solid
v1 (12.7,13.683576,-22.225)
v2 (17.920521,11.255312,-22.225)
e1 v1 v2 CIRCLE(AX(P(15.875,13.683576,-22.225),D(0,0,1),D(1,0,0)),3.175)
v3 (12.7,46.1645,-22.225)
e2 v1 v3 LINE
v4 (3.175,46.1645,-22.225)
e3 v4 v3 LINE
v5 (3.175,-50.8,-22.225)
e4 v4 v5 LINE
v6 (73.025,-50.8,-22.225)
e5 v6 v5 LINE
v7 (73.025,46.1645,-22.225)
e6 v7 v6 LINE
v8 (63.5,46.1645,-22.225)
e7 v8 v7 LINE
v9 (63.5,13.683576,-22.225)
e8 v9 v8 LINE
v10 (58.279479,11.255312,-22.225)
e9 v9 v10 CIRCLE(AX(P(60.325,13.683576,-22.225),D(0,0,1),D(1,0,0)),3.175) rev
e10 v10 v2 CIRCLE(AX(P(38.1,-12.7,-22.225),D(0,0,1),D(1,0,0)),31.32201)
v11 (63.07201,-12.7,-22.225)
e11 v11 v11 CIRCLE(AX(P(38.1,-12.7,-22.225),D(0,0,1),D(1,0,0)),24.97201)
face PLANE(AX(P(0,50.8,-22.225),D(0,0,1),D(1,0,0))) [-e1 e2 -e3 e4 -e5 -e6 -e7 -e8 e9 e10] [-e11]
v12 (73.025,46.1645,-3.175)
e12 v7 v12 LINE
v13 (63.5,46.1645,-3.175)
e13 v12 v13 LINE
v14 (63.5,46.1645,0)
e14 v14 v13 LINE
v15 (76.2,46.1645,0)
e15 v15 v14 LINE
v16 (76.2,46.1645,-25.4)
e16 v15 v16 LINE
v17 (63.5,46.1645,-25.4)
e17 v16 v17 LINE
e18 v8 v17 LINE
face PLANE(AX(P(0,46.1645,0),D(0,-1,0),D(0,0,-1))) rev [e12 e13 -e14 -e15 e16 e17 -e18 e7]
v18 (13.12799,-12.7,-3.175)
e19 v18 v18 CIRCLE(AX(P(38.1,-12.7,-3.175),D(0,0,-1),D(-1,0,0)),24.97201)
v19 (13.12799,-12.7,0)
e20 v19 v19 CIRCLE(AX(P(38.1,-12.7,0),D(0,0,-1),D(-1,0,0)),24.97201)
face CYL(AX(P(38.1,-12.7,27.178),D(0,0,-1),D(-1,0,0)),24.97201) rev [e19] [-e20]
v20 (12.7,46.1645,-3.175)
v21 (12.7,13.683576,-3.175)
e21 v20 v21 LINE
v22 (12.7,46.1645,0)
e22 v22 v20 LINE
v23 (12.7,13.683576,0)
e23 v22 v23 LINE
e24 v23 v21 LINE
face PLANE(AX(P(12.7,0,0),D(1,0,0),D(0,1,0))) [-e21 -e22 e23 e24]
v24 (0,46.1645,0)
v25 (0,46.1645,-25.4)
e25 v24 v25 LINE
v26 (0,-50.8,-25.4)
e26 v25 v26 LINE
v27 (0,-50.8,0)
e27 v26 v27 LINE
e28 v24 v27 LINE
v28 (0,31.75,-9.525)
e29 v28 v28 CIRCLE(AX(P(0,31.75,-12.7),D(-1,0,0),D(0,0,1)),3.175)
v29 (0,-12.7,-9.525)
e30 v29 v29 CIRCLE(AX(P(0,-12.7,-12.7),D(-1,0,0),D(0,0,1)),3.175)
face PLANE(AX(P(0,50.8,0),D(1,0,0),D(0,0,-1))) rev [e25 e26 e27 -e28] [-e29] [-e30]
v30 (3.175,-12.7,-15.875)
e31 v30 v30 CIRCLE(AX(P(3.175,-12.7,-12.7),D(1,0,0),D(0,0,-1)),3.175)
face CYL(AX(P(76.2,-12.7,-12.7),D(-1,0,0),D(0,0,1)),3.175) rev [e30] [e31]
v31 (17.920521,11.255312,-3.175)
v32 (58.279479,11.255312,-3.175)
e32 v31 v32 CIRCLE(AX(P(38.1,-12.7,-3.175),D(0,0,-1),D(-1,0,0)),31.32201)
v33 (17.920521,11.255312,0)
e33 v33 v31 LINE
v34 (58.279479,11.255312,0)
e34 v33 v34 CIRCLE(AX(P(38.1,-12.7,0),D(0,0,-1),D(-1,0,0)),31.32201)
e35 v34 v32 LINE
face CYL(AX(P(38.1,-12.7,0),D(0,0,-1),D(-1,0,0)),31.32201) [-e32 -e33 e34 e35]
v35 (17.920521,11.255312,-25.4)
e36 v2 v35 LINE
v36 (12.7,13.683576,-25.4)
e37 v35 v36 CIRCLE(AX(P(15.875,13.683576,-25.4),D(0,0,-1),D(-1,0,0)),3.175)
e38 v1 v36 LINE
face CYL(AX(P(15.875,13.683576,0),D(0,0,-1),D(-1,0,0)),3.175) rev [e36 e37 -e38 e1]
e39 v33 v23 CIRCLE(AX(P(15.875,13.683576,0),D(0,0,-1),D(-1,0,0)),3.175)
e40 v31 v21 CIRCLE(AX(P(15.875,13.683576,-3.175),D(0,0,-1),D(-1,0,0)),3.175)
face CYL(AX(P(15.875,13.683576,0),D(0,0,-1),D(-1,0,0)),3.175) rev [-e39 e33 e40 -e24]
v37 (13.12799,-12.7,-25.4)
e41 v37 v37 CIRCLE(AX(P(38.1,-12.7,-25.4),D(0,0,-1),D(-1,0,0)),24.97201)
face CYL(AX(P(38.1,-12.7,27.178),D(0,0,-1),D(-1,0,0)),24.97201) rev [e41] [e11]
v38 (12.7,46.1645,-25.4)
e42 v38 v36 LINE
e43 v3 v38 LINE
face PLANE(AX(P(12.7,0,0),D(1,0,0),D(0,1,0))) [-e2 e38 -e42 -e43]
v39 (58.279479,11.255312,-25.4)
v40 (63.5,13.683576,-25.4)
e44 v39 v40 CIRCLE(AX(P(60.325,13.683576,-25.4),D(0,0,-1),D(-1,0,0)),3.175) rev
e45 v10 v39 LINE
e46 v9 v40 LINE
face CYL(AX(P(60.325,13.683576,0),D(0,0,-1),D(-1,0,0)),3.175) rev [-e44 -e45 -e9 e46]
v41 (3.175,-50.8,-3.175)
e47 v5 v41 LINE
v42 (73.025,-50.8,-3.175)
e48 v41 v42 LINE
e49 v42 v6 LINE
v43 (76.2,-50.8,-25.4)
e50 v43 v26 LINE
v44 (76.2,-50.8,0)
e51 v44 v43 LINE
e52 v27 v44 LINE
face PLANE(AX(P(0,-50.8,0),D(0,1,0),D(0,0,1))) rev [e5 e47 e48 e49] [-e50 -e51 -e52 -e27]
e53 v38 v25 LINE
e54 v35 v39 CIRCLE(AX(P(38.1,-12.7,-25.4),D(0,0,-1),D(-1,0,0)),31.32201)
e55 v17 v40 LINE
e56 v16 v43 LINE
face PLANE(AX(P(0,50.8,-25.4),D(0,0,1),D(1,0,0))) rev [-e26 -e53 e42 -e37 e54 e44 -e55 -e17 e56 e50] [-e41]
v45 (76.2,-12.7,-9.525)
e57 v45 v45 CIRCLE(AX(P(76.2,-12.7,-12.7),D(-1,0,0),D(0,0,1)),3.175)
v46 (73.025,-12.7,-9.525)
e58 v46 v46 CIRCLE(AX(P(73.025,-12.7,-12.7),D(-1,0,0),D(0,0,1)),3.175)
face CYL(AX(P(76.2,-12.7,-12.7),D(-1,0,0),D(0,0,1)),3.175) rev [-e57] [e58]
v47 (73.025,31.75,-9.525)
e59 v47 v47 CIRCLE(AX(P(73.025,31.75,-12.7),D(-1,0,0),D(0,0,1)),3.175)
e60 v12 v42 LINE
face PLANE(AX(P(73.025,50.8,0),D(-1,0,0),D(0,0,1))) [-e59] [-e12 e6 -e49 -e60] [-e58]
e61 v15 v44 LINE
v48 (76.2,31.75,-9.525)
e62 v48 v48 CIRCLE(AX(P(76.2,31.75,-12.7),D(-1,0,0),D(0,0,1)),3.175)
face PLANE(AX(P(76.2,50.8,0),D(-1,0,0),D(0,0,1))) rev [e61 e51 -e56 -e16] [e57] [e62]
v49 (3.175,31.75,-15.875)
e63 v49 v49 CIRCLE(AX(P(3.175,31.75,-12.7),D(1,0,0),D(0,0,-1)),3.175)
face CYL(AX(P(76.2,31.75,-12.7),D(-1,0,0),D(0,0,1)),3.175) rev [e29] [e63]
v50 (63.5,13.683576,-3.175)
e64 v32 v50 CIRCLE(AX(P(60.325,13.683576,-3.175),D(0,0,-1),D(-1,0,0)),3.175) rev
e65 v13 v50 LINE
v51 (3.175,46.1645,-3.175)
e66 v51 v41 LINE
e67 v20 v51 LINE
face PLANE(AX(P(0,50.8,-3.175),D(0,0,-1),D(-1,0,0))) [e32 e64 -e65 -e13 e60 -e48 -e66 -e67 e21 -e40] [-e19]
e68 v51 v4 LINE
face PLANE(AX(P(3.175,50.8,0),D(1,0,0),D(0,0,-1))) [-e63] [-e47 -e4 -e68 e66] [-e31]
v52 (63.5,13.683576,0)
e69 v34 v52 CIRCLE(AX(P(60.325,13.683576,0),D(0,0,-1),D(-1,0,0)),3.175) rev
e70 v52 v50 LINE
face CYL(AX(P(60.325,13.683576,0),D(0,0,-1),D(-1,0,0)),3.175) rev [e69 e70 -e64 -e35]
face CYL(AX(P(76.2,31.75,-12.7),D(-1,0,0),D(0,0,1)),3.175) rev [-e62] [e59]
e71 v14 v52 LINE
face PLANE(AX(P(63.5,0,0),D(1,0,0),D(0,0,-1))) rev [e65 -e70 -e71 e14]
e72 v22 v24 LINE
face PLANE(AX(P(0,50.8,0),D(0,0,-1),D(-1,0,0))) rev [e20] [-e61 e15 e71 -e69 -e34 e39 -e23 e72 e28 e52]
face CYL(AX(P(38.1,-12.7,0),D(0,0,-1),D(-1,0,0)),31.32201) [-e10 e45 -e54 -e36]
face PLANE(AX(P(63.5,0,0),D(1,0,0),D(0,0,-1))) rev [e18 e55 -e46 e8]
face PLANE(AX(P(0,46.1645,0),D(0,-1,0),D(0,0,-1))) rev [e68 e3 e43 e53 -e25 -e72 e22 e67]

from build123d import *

# Parameters (mm, degrees)
SKETCH1_W           = 76.2
SKETCH1_H           = 25.4
SKETCH1_W_2         = 69.85
SKETCH1_H_2         = 19.05
EXTRUDE_THIN1_DEPTH = 50.8
SKETCH2_R           = 24.97201
CUT_EXTRUDE1_DEPTH  = 52.578
CUT_EXTRUDE2_DEPTH  = 26.4
SKETCH6_R           = 3.175
CUT_EXTRUDE3_DEPTH  = 77.2
SKETCH7_R           = 3.175
CUT_EXTRUDE4_DEPTH  = 77.2


with BuildPart() as part:
    # Sketch1 → Extrude-Thin1 (new body, symmetric)
    with BuildSketch(Plane(origin=(0, 0, 0), x_dir=(1, 0, 0), z_dir=(0, 1, 0))):
        with Locations((38.1, 12.7)):
            Rectangle(SKETCH1_W, SKETCH1_H)
        with Locations((38.1, 12.7)):
            Rectangle(SKETCH1_W_2, SKETCH1_H_2, mode=Mode.SUBTRACT)
    extrude(amount=EXTRUDE_THIN1_DEPTH, both=True)

    # Sketch2 → Cut-Extrude1 (cut)
    with BuildSketch(Plane(origin=(0, 0, -25.4), x_dir=(-1, 0, 0), z_dir=(0, 0, -1))):
        with Locations((-38.1, -12.7)):
            Circle(SKETCH2_R)
    extrude(amount=-CUT_EXTRUDE1_DEPTH, mode=Mode.SUBTRACT)

    # Sketch5 → Cut-Extrude2 (cut, through all)
    with BuildSketch(Plane(origin=(0, 0, -25.4), x_dir=(-1, 0, 0), z_dir=(0, 0, -1))):
        Polygon((0, 50.8), (-76.2, 50.8), (-76.2, 46.1645), (-63.5, 46.1645), (-12.7, 46.1645), (0, 46.1645), align=None)
        with BuildLine():
            Line((-12.7, 46.1645), (-63.5, 46.1645))
            Line((-63.5, 46.1645), (-63.5, 13.683575837))
            ThreePointArc((-63.5, 13.683575837), (-61.664047105, 10.804760481), (-58.279478519, 11.255311669))
            ThreePointArc((-58.279478519, 11.255311669), (-38.1, 18.62201), (-17.920521481, 11.255311669))
            ThreePointArc((-17.920521481, 11.255311669), (-14.535952895, 10.804760481), (-12.7, 13.683575837))
            Line((-12.7, 13.683575837), (-12.7, 46.1645))
        make_face()
    extrude(amount=-CUT_EXTRUDE2_DEPTH, mode=Mode.SUBTRACT)

    # Sketch6 → Cut-Extrude3 (cut, through all)
    with BuildSketch(Plane.ZY):
        with Locations((-12.7, 31.75)):
            Circle(SKETCH6_R)
    extrude(amount=-CUT_EXTRUDE3_DEPTH, mode=Mode.SUBTRACT)

    # Sketch7 → Cut-Extrude4 (cut, through all)
    with BuildSketch(Plane.ZY):
        with Locations((-12.7, -12.7)):
            Circle(SKETCH7_R)
    extrude(amount=-CUT_EXTRUDE4_DEPTH, mode=Mode.SUBTRACT)


solid = part.part
